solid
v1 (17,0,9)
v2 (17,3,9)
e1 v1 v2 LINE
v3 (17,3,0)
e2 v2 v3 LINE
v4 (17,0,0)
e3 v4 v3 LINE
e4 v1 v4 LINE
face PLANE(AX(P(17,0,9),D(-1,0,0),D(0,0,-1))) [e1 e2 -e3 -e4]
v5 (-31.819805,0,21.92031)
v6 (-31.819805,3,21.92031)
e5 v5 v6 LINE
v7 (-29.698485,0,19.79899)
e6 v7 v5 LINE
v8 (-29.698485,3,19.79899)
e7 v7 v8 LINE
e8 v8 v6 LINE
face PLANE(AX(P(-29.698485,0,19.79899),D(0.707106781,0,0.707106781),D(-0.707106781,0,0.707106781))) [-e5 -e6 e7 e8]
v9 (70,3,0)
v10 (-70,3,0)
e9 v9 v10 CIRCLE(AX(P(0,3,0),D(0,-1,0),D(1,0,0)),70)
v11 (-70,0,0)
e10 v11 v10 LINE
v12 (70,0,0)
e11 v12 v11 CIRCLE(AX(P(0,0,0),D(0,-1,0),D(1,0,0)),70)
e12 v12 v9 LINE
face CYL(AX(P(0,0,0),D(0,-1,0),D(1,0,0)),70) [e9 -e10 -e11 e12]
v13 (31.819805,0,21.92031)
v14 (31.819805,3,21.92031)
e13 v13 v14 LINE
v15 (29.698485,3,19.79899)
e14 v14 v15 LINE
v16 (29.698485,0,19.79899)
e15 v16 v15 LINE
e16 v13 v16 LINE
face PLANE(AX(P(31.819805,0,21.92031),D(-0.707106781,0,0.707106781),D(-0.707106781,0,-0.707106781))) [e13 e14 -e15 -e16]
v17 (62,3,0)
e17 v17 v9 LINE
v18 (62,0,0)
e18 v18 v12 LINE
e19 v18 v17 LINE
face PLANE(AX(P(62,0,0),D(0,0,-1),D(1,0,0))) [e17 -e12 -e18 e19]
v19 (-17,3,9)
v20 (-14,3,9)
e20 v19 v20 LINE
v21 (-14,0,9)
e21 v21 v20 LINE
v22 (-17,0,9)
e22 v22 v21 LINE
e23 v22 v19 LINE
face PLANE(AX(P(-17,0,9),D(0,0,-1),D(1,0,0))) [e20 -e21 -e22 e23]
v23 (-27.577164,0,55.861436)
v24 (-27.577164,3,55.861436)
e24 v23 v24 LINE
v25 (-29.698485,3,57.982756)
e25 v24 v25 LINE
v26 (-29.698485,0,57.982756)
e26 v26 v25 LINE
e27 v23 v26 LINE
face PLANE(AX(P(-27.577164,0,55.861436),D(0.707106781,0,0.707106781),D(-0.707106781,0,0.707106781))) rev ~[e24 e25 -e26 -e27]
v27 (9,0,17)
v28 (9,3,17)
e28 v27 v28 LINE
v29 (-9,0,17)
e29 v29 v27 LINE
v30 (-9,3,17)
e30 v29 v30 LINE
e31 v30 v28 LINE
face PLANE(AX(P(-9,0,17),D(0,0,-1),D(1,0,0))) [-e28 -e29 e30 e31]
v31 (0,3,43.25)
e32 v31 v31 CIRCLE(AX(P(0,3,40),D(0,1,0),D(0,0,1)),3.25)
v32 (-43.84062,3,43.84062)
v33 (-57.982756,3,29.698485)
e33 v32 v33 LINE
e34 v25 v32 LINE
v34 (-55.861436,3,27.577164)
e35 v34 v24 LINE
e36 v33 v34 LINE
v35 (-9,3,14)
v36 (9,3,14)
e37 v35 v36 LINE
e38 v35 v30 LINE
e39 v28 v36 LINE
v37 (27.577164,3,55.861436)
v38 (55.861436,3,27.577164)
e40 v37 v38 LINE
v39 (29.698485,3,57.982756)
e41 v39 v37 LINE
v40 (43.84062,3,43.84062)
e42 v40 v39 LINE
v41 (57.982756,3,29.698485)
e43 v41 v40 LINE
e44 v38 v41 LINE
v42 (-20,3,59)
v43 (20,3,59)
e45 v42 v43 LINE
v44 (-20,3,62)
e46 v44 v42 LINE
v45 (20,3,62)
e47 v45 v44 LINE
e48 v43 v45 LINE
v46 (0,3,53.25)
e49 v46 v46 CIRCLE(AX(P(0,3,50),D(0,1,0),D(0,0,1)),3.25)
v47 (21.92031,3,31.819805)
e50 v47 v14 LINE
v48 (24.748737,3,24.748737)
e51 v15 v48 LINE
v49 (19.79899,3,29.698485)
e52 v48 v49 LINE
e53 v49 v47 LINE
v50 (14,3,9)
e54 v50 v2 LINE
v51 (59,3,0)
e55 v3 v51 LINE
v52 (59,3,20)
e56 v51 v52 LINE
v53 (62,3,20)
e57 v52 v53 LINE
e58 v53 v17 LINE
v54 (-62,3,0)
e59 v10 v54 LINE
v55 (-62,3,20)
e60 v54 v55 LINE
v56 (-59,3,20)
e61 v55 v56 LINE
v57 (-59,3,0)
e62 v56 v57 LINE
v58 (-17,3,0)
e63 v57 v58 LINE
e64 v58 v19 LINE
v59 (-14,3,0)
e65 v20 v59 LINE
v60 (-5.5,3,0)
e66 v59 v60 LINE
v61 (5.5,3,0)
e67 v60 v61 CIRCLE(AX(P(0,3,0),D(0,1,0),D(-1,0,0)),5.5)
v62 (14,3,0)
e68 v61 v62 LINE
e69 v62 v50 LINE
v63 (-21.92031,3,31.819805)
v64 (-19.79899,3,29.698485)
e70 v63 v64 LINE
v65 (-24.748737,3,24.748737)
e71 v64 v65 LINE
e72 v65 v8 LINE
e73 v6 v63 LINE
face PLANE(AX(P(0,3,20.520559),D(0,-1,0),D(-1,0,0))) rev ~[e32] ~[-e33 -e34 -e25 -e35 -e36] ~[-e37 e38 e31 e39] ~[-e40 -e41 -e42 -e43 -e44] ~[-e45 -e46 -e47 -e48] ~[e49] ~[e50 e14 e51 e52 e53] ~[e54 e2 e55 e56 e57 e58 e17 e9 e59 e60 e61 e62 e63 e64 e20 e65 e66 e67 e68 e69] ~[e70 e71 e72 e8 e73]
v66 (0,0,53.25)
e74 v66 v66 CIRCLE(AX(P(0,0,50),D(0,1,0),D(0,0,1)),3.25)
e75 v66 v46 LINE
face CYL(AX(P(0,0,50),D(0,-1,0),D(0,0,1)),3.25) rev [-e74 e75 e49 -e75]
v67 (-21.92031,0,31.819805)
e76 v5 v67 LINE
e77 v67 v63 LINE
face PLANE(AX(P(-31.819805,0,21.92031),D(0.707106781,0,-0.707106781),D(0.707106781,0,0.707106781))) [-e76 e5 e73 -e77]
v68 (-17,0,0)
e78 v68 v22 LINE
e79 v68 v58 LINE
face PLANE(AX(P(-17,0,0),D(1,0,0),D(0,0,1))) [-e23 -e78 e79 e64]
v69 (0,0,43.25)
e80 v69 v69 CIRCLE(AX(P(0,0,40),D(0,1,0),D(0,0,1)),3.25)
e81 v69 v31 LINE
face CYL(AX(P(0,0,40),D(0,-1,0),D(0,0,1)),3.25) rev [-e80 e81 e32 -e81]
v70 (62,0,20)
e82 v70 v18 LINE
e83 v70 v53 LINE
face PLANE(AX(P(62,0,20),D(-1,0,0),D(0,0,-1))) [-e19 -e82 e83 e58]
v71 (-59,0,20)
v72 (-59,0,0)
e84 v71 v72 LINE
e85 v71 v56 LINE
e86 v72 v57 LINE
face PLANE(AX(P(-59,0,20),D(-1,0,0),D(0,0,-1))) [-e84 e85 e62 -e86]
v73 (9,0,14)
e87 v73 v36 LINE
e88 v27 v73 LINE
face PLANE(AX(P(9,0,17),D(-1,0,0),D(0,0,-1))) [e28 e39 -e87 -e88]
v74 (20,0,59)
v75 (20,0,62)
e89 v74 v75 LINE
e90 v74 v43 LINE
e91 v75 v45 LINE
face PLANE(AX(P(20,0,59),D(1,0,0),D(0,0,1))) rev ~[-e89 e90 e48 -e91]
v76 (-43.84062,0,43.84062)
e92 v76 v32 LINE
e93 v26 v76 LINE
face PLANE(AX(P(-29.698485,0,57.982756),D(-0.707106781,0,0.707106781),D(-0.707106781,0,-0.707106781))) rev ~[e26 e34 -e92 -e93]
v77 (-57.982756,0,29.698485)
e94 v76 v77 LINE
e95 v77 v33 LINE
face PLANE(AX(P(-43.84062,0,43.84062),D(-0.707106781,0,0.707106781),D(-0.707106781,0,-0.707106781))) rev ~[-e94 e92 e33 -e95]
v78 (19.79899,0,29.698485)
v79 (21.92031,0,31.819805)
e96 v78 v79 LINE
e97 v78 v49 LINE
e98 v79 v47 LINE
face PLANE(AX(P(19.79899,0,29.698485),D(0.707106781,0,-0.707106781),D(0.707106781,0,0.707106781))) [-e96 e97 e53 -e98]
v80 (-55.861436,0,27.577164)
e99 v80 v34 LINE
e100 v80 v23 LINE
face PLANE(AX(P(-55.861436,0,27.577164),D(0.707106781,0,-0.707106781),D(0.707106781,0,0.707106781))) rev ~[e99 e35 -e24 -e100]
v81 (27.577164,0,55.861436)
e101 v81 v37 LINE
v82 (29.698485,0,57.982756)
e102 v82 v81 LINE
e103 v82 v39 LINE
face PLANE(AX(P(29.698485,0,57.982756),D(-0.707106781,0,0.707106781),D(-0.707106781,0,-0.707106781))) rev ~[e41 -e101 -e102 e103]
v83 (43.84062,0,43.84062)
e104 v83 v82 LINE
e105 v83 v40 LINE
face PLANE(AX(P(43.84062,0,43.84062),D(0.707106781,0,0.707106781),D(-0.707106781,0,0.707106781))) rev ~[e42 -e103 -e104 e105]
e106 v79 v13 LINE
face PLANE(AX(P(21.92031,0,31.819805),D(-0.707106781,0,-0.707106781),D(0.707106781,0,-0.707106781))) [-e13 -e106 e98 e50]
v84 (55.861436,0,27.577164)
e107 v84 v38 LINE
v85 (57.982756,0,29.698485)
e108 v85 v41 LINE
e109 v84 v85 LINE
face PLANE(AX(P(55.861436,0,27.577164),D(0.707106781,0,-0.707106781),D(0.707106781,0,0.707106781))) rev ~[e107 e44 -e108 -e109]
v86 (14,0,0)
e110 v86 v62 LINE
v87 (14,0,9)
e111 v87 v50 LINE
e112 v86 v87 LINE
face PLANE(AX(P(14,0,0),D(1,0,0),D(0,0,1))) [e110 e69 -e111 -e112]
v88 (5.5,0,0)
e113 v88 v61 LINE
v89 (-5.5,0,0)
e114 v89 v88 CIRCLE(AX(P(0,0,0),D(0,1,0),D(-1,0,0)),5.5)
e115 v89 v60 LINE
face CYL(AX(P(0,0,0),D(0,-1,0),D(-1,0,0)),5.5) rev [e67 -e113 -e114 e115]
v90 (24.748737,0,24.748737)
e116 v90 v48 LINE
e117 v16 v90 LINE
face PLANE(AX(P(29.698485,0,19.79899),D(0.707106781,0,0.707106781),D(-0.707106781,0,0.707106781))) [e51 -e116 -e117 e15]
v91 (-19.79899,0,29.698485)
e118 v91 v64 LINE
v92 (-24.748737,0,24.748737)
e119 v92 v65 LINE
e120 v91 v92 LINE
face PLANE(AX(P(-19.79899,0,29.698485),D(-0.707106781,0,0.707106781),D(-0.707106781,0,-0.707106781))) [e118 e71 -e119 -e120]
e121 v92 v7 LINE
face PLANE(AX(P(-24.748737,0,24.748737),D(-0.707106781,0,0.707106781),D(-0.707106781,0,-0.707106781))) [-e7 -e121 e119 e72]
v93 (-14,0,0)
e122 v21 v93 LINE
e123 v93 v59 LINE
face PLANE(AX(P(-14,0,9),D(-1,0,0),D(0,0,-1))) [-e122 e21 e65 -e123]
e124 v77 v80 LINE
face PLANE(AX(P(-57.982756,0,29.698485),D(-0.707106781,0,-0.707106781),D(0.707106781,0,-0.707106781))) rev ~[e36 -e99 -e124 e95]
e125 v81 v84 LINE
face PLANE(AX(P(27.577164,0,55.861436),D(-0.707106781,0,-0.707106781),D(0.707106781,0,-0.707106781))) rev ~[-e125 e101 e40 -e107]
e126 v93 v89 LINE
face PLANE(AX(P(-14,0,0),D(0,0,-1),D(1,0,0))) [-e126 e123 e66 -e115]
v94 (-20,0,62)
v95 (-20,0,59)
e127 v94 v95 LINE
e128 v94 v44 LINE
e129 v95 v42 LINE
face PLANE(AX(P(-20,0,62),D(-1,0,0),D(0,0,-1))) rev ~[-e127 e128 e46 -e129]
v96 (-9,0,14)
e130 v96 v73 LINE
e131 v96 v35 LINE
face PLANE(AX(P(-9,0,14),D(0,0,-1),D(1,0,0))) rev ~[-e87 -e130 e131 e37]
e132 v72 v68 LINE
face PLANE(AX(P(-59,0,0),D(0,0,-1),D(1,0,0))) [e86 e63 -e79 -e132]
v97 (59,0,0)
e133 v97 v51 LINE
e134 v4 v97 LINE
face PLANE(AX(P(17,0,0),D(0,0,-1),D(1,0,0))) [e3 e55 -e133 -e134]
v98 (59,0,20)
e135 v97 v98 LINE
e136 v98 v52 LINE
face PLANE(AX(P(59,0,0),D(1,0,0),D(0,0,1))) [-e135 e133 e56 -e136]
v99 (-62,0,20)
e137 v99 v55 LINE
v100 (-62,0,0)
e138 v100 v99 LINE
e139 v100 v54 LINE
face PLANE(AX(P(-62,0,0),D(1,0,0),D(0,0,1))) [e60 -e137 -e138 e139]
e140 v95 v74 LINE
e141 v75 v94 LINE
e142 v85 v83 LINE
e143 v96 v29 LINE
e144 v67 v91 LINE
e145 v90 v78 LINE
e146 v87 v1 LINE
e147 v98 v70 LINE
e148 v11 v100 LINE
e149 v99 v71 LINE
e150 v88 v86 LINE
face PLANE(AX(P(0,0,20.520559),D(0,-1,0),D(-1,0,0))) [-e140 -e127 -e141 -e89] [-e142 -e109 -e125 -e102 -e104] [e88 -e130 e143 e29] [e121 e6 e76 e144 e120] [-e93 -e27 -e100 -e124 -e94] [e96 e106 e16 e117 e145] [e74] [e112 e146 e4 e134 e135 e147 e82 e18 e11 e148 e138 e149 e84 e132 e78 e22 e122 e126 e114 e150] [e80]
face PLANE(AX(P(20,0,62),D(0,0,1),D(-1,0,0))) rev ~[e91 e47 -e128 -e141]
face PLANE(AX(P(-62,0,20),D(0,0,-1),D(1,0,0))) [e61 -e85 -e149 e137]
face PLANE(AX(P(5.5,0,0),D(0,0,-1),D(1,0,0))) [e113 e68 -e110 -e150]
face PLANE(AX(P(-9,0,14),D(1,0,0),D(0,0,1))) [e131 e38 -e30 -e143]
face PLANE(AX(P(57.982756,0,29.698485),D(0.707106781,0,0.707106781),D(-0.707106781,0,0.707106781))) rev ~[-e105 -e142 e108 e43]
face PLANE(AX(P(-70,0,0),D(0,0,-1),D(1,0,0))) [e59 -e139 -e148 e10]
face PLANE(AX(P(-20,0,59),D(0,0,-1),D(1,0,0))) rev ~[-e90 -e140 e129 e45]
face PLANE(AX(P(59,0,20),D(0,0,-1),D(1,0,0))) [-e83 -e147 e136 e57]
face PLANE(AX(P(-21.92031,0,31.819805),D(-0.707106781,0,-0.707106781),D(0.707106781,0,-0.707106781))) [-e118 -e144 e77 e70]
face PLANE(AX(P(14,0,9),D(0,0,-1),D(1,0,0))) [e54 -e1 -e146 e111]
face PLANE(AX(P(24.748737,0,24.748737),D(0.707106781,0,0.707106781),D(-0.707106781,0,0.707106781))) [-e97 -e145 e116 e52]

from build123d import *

# Parameters (mm, degrees)
CROQUIS1_R              = 3.25
SALIENTE_EXTRUIR1_DEPTH = 3


with BuildPart() as part:
    # Croquis1 → Saliente-Extruir1 (new body)
    with BuildSketch(Plane(origin=(0, 0, 0), x_dir=(1, 0, 0), z_dir=(0, 1, 0))):
        with BuildLine():
            Line((-59, 0), (-17, 0))
            Line((-17, 0), (-17, -9))
            Line((-17, -9), (-14, -9))
            Line((-14, -9), (-14, 0))
            Line((-14, 0), (-5.5, 0))
            ThreePointArc((-5.5, 0), (0, -5.5), (5.5, 0))
            Line((5.5, 0), (14, 0))
            Line((14, 0), (14, -9))
            Line((14, -9), (17, -9))
            Line((17, -9), (17, 0))
            Line((17, 0), (59, 0))
            Line((59, 0), (59, -20))
            Line((59, -20), (62, -20))
            Line((62, -20), (62, 0))
            Line((62, 0), (70, 0))
            ThreePointArc((70, 0), (0, -70), (-70, 0))
            Line((-70, 0), (-62, 0))
            Line((-62, 0), (-62, -20))
            Line((-62, -20), (-59, -20))
            Line((-59, -20), (-59, 0))
        make_face()
        with Locations(Location((0, -50, 0), (0, 0, 270))):
            Circle(CROQUIS1_R, mode=Mode.SUBTRACT)
        with Locations(Location((0, -40, 0), (0, 0, 270))):
            Circle(CROQUIS1_R, mode=Mode.SUBTRACT)
        Polygon((24.748737342, -24.748737342), (19.798989873, -29.69848481), (21.920310217, -31.819805153), (31.819805153, -21.920310217), (29.69848481, -19.798989873), align=None, mode=Mode.SUBTRACT)
        Polygon((-24.748737342, -24.748737342), (-29.69848481, -19.798989873), (-31.819805153, -21.920310217), (-21.920310217, -31.819805153), (-19.798989873, -29.69848481), align=None, mode=Mode.SUBTRACT)
        Polygon((-9, -14), (-9, -17), (9, -17), (9, -14), (0, -14), align=None, mode=Mode.SUBTRACT)
        Polygon((27.577164466, -55.861435714), (55.861435714, -27.577164466), (57.982756057, -29.69848481), (43.840620434, -43.840620434), (29.69848481, -57.982756057), align=None, mode=Mode.SUBTRACT)
        Polygon((-20, -59), (20, -59), (20, -62), (0, -62), (-20, -62), align=None, mode=Mode.SUBTRACT)
        Polygon((-55.861435714, -27.577164466), (-27.577164466, -55.861435714), (-29.69848481, -57.982756057), (-43.840620434, -43.840620434), (-57.982756057, -29.69848481), align=None, mode=Mode.SUBTRACT)
    extrude(amount=SALIENTE_EXTRUIR1_DEPTH)


solid = part.part
